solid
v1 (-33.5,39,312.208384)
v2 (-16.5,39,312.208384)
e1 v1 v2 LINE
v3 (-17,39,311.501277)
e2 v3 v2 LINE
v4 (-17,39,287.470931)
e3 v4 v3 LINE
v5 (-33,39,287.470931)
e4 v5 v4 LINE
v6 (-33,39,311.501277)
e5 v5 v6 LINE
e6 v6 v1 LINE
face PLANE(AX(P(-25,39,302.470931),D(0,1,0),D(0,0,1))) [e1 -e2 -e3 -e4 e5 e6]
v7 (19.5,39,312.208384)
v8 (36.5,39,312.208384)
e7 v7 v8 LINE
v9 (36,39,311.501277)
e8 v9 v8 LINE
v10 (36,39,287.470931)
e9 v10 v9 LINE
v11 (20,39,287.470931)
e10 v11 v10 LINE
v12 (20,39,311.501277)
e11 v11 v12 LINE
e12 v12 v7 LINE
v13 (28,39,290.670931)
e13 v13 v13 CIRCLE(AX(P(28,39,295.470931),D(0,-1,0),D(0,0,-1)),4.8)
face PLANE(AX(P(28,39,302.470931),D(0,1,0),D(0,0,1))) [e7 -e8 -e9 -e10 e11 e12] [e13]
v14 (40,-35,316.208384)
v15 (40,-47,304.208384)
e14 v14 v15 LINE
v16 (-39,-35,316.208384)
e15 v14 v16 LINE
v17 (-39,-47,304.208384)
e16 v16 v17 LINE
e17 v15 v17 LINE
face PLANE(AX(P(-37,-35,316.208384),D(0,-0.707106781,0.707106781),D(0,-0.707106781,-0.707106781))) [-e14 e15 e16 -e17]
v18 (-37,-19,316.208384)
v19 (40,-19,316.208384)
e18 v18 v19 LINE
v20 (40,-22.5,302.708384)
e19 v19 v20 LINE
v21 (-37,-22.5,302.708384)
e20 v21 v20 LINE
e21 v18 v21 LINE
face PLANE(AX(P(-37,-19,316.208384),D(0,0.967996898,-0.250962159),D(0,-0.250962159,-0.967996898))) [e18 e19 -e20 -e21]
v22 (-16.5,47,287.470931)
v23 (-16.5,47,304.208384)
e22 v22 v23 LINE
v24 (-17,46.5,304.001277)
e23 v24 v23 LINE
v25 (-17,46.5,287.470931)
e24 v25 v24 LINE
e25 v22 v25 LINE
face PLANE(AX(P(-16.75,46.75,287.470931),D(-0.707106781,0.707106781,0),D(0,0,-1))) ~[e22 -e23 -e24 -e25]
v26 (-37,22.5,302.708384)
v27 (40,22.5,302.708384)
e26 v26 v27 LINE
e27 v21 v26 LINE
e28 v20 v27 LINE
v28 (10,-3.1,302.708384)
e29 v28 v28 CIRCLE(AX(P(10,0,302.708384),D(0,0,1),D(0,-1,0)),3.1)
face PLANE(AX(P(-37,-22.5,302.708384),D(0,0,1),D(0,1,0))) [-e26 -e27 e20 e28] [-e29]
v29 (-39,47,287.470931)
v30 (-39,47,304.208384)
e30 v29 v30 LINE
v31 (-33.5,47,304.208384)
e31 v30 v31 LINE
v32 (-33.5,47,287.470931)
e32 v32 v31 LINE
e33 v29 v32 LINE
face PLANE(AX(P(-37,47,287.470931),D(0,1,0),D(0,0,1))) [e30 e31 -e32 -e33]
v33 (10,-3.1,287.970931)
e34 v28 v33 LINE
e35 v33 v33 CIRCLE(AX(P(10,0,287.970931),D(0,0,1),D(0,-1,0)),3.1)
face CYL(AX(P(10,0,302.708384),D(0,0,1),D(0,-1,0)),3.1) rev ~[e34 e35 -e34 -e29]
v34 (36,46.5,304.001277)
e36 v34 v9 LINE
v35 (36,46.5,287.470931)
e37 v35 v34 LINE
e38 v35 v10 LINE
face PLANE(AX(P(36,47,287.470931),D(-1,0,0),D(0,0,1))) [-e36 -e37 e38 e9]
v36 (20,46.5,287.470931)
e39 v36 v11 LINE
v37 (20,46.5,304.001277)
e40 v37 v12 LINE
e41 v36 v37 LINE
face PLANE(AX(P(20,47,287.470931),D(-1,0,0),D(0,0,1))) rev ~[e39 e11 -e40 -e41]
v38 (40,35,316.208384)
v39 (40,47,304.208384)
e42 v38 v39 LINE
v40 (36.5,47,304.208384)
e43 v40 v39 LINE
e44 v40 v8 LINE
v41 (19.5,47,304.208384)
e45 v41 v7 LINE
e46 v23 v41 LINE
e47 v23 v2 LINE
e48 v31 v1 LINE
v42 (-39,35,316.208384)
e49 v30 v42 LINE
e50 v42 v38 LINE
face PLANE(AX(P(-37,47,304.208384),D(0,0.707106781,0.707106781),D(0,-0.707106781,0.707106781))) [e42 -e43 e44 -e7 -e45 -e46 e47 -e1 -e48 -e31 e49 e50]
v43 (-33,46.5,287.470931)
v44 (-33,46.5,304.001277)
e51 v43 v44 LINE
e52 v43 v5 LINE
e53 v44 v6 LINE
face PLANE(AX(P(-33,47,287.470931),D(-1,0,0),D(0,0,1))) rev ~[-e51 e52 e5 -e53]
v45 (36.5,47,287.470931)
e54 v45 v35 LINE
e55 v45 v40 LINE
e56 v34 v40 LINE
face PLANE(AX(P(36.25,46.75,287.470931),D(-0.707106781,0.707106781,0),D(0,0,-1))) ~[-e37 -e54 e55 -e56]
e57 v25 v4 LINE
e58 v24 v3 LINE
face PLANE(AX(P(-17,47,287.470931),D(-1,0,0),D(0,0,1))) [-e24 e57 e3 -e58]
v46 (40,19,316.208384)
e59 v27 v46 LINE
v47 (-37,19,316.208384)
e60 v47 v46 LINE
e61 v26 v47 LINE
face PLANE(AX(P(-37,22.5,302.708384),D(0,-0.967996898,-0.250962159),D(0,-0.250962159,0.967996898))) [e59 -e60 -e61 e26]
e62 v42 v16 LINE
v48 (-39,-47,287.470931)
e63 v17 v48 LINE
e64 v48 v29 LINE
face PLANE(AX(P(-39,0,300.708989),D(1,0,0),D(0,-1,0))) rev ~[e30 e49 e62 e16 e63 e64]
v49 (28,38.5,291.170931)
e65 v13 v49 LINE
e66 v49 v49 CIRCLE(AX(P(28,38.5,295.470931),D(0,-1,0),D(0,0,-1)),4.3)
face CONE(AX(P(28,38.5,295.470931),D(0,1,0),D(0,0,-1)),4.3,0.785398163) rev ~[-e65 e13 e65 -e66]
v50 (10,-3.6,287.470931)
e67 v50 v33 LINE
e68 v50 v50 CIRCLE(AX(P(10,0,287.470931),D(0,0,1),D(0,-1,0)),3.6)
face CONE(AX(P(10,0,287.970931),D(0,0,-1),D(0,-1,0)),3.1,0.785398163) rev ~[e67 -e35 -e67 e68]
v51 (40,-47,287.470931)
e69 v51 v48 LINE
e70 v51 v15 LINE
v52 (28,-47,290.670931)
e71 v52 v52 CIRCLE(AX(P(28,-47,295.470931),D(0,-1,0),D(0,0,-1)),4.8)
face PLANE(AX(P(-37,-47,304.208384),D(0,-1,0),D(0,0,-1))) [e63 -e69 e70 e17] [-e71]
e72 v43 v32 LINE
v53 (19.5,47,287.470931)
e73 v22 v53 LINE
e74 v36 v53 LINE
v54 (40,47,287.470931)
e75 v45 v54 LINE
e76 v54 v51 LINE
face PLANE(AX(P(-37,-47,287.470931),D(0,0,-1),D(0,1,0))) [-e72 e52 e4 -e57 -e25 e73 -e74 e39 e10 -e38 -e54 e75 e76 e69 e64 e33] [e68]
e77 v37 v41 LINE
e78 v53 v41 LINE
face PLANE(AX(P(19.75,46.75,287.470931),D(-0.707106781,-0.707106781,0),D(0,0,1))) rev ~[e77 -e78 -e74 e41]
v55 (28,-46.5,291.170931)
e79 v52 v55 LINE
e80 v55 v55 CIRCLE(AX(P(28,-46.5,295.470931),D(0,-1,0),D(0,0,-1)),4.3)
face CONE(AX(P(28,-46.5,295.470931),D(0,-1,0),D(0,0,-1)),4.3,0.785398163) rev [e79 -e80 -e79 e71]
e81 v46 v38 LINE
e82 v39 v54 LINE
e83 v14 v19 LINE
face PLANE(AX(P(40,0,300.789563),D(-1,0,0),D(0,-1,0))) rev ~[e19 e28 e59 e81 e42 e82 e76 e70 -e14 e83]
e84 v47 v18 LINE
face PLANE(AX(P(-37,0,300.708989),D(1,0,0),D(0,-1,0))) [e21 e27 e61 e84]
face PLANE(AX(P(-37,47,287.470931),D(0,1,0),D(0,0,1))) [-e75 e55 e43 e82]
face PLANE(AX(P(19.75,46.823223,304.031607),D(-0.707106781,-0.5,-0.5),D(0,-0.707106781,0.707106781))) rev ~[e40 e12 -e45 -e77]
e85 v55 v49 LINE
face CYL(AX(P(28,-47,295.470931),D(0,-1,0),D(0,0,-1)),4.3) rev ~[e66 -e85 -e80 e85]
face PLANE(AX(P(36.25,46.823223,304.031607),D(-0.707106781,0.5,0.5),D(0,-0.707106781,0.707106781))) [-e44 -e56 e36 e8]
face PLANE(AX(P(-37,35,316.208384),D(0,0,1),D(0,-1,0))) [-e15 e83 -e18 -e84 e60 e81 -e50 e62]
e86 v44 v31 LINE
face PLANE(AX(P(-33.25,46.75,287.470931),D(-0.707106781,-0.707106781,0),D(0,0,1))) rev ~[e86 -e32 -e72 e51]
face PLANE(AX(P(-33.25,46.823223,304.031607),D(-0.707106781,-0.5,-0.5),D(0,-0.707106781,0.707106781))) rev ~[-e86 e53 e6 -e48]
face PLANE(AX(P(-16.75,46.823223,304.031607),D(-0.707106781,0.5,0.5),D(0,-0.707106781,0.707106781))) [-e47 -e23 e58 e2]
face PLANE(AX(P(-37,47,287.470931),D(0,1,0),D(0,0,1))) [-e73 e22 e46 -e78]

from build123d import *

# Parameters (mm, degrees)
PAD035_DEPTH    = 77
SKETCH115_R     = 3.1
POCKET071_DEPTH = 30
SKETCH116_R     = 4.3
POCKET072_DEPTH = 100
CHAMFER014_SIZE = 12
PAD036_DEPTH    = 2
SKETCH118_W     = 30
SKETCH118_H     = 16
POCKET073_DEPTH = 8
CHAMFER023_SIZE = 0.5


with BuildPart() as part:
    # Sketch114 → Pad035 (new body)
    with BuildSketch(Plane.YZ):
        Polygon((-47, 203.208383528), (-19, 203.208383528), (-22.5, 189.708383528), (22.5, 189.708383528), (19, 203.208383528), (47, 203.208383528), (47, 174.470931), (-47, 174.470931), align=None)
    extrude(amount=PAD035_DEPTH)

    # Sketch115 (on Face3 of Pad035) → Pocket071 (cut)
    with BuildSketch(Plane(origin=(0, 0, 189.708383528), x_dir=(0, -1, 0), z_dir=(0, 0, 1))):
        with Locations((0, 47)):
            Circle(SKETCH115_R)
    extrude(amount=-POCKET071_DEPTH, mode=Mode.SUBTRACT)

    # Sketch116 (on Face2 of Pocket071) → Pocket072 (cut)
    with BuildSketch(Plane(origin=(0, -47, 0), x_dir=(0, 0, -1), z_dir=(0, -1, 0))):
        with Locations((-182.470931, 65)):
            Circle(SKETCH116_R)
    extrude(amount=-POCKET072_DEPTH, mode=Mode.SUBTRACT)

    # Chamfer014
    chamfer014_edges = [part.edges().sort_by_distance(p)[0] for p in [
        (38.5, 47, 203.208384),
        (38.5, -47, 203.208384),
    ]]
    chamfer(chamfer014_edges, length=CHAMFER014_SIZE)

    # Sketch117 (on Face2 of Chamfer014) → Pad036 (join)
    with BuildSketch(Plane(origin=(0, 0, 0), x_dir=(0, 1, 0), z_dir=(-1, 0, 0))):
        Polygon((-47, -174.470931), (47, -174.470931), (47, -191.208383528), (35, -203.208383528), (-35, -203.208383528), (-47, -191.208383528), align=None)
    extrude(amount=PAD036_DEPTH)

    # Sketch118 (on Face15 of Pad036) → Pocket073 (cut)
    with BuildSketch(Plane.ZX.offset(47)):
        with Locations((189.470931, 65)):
            Rectangle(SKETCH118_W, SKETCH118_H)
        with Locations((189.470931, 12)):
            Rectangle(SKETCH118_W, SKETCH118_H)
    extrude(amount=-POCKET073_DEPTH, mode=Mode.SUBTRACT)

    # Chamfer023
    chamfer023_edges = [part.edges().sort_by_distance(p)[0] for p in [
        (73, 43, 195.208384),
        (57, 43, 195.208384),
        (57, 47, 182.839657),
        (73, 47, 182.839657),
        (20, 43, 195.208384),
        (4, 43, 195.208384),
        (4, 47, 182.839657),
        (20, 47, 182.839657),
        (47, 3.1, 174.470931),
        (65, 39, 186.770931),
        (65, -47, 186.770931),
    ]]
    chamfer(chamfer023_edges, length=CHAMFER023_SIZE)


with BuildPart() as part_1:
    # Body027 placement: moved
    add(part.part.moved(Location((-37, 0, 113))))


solid = part_1.part
